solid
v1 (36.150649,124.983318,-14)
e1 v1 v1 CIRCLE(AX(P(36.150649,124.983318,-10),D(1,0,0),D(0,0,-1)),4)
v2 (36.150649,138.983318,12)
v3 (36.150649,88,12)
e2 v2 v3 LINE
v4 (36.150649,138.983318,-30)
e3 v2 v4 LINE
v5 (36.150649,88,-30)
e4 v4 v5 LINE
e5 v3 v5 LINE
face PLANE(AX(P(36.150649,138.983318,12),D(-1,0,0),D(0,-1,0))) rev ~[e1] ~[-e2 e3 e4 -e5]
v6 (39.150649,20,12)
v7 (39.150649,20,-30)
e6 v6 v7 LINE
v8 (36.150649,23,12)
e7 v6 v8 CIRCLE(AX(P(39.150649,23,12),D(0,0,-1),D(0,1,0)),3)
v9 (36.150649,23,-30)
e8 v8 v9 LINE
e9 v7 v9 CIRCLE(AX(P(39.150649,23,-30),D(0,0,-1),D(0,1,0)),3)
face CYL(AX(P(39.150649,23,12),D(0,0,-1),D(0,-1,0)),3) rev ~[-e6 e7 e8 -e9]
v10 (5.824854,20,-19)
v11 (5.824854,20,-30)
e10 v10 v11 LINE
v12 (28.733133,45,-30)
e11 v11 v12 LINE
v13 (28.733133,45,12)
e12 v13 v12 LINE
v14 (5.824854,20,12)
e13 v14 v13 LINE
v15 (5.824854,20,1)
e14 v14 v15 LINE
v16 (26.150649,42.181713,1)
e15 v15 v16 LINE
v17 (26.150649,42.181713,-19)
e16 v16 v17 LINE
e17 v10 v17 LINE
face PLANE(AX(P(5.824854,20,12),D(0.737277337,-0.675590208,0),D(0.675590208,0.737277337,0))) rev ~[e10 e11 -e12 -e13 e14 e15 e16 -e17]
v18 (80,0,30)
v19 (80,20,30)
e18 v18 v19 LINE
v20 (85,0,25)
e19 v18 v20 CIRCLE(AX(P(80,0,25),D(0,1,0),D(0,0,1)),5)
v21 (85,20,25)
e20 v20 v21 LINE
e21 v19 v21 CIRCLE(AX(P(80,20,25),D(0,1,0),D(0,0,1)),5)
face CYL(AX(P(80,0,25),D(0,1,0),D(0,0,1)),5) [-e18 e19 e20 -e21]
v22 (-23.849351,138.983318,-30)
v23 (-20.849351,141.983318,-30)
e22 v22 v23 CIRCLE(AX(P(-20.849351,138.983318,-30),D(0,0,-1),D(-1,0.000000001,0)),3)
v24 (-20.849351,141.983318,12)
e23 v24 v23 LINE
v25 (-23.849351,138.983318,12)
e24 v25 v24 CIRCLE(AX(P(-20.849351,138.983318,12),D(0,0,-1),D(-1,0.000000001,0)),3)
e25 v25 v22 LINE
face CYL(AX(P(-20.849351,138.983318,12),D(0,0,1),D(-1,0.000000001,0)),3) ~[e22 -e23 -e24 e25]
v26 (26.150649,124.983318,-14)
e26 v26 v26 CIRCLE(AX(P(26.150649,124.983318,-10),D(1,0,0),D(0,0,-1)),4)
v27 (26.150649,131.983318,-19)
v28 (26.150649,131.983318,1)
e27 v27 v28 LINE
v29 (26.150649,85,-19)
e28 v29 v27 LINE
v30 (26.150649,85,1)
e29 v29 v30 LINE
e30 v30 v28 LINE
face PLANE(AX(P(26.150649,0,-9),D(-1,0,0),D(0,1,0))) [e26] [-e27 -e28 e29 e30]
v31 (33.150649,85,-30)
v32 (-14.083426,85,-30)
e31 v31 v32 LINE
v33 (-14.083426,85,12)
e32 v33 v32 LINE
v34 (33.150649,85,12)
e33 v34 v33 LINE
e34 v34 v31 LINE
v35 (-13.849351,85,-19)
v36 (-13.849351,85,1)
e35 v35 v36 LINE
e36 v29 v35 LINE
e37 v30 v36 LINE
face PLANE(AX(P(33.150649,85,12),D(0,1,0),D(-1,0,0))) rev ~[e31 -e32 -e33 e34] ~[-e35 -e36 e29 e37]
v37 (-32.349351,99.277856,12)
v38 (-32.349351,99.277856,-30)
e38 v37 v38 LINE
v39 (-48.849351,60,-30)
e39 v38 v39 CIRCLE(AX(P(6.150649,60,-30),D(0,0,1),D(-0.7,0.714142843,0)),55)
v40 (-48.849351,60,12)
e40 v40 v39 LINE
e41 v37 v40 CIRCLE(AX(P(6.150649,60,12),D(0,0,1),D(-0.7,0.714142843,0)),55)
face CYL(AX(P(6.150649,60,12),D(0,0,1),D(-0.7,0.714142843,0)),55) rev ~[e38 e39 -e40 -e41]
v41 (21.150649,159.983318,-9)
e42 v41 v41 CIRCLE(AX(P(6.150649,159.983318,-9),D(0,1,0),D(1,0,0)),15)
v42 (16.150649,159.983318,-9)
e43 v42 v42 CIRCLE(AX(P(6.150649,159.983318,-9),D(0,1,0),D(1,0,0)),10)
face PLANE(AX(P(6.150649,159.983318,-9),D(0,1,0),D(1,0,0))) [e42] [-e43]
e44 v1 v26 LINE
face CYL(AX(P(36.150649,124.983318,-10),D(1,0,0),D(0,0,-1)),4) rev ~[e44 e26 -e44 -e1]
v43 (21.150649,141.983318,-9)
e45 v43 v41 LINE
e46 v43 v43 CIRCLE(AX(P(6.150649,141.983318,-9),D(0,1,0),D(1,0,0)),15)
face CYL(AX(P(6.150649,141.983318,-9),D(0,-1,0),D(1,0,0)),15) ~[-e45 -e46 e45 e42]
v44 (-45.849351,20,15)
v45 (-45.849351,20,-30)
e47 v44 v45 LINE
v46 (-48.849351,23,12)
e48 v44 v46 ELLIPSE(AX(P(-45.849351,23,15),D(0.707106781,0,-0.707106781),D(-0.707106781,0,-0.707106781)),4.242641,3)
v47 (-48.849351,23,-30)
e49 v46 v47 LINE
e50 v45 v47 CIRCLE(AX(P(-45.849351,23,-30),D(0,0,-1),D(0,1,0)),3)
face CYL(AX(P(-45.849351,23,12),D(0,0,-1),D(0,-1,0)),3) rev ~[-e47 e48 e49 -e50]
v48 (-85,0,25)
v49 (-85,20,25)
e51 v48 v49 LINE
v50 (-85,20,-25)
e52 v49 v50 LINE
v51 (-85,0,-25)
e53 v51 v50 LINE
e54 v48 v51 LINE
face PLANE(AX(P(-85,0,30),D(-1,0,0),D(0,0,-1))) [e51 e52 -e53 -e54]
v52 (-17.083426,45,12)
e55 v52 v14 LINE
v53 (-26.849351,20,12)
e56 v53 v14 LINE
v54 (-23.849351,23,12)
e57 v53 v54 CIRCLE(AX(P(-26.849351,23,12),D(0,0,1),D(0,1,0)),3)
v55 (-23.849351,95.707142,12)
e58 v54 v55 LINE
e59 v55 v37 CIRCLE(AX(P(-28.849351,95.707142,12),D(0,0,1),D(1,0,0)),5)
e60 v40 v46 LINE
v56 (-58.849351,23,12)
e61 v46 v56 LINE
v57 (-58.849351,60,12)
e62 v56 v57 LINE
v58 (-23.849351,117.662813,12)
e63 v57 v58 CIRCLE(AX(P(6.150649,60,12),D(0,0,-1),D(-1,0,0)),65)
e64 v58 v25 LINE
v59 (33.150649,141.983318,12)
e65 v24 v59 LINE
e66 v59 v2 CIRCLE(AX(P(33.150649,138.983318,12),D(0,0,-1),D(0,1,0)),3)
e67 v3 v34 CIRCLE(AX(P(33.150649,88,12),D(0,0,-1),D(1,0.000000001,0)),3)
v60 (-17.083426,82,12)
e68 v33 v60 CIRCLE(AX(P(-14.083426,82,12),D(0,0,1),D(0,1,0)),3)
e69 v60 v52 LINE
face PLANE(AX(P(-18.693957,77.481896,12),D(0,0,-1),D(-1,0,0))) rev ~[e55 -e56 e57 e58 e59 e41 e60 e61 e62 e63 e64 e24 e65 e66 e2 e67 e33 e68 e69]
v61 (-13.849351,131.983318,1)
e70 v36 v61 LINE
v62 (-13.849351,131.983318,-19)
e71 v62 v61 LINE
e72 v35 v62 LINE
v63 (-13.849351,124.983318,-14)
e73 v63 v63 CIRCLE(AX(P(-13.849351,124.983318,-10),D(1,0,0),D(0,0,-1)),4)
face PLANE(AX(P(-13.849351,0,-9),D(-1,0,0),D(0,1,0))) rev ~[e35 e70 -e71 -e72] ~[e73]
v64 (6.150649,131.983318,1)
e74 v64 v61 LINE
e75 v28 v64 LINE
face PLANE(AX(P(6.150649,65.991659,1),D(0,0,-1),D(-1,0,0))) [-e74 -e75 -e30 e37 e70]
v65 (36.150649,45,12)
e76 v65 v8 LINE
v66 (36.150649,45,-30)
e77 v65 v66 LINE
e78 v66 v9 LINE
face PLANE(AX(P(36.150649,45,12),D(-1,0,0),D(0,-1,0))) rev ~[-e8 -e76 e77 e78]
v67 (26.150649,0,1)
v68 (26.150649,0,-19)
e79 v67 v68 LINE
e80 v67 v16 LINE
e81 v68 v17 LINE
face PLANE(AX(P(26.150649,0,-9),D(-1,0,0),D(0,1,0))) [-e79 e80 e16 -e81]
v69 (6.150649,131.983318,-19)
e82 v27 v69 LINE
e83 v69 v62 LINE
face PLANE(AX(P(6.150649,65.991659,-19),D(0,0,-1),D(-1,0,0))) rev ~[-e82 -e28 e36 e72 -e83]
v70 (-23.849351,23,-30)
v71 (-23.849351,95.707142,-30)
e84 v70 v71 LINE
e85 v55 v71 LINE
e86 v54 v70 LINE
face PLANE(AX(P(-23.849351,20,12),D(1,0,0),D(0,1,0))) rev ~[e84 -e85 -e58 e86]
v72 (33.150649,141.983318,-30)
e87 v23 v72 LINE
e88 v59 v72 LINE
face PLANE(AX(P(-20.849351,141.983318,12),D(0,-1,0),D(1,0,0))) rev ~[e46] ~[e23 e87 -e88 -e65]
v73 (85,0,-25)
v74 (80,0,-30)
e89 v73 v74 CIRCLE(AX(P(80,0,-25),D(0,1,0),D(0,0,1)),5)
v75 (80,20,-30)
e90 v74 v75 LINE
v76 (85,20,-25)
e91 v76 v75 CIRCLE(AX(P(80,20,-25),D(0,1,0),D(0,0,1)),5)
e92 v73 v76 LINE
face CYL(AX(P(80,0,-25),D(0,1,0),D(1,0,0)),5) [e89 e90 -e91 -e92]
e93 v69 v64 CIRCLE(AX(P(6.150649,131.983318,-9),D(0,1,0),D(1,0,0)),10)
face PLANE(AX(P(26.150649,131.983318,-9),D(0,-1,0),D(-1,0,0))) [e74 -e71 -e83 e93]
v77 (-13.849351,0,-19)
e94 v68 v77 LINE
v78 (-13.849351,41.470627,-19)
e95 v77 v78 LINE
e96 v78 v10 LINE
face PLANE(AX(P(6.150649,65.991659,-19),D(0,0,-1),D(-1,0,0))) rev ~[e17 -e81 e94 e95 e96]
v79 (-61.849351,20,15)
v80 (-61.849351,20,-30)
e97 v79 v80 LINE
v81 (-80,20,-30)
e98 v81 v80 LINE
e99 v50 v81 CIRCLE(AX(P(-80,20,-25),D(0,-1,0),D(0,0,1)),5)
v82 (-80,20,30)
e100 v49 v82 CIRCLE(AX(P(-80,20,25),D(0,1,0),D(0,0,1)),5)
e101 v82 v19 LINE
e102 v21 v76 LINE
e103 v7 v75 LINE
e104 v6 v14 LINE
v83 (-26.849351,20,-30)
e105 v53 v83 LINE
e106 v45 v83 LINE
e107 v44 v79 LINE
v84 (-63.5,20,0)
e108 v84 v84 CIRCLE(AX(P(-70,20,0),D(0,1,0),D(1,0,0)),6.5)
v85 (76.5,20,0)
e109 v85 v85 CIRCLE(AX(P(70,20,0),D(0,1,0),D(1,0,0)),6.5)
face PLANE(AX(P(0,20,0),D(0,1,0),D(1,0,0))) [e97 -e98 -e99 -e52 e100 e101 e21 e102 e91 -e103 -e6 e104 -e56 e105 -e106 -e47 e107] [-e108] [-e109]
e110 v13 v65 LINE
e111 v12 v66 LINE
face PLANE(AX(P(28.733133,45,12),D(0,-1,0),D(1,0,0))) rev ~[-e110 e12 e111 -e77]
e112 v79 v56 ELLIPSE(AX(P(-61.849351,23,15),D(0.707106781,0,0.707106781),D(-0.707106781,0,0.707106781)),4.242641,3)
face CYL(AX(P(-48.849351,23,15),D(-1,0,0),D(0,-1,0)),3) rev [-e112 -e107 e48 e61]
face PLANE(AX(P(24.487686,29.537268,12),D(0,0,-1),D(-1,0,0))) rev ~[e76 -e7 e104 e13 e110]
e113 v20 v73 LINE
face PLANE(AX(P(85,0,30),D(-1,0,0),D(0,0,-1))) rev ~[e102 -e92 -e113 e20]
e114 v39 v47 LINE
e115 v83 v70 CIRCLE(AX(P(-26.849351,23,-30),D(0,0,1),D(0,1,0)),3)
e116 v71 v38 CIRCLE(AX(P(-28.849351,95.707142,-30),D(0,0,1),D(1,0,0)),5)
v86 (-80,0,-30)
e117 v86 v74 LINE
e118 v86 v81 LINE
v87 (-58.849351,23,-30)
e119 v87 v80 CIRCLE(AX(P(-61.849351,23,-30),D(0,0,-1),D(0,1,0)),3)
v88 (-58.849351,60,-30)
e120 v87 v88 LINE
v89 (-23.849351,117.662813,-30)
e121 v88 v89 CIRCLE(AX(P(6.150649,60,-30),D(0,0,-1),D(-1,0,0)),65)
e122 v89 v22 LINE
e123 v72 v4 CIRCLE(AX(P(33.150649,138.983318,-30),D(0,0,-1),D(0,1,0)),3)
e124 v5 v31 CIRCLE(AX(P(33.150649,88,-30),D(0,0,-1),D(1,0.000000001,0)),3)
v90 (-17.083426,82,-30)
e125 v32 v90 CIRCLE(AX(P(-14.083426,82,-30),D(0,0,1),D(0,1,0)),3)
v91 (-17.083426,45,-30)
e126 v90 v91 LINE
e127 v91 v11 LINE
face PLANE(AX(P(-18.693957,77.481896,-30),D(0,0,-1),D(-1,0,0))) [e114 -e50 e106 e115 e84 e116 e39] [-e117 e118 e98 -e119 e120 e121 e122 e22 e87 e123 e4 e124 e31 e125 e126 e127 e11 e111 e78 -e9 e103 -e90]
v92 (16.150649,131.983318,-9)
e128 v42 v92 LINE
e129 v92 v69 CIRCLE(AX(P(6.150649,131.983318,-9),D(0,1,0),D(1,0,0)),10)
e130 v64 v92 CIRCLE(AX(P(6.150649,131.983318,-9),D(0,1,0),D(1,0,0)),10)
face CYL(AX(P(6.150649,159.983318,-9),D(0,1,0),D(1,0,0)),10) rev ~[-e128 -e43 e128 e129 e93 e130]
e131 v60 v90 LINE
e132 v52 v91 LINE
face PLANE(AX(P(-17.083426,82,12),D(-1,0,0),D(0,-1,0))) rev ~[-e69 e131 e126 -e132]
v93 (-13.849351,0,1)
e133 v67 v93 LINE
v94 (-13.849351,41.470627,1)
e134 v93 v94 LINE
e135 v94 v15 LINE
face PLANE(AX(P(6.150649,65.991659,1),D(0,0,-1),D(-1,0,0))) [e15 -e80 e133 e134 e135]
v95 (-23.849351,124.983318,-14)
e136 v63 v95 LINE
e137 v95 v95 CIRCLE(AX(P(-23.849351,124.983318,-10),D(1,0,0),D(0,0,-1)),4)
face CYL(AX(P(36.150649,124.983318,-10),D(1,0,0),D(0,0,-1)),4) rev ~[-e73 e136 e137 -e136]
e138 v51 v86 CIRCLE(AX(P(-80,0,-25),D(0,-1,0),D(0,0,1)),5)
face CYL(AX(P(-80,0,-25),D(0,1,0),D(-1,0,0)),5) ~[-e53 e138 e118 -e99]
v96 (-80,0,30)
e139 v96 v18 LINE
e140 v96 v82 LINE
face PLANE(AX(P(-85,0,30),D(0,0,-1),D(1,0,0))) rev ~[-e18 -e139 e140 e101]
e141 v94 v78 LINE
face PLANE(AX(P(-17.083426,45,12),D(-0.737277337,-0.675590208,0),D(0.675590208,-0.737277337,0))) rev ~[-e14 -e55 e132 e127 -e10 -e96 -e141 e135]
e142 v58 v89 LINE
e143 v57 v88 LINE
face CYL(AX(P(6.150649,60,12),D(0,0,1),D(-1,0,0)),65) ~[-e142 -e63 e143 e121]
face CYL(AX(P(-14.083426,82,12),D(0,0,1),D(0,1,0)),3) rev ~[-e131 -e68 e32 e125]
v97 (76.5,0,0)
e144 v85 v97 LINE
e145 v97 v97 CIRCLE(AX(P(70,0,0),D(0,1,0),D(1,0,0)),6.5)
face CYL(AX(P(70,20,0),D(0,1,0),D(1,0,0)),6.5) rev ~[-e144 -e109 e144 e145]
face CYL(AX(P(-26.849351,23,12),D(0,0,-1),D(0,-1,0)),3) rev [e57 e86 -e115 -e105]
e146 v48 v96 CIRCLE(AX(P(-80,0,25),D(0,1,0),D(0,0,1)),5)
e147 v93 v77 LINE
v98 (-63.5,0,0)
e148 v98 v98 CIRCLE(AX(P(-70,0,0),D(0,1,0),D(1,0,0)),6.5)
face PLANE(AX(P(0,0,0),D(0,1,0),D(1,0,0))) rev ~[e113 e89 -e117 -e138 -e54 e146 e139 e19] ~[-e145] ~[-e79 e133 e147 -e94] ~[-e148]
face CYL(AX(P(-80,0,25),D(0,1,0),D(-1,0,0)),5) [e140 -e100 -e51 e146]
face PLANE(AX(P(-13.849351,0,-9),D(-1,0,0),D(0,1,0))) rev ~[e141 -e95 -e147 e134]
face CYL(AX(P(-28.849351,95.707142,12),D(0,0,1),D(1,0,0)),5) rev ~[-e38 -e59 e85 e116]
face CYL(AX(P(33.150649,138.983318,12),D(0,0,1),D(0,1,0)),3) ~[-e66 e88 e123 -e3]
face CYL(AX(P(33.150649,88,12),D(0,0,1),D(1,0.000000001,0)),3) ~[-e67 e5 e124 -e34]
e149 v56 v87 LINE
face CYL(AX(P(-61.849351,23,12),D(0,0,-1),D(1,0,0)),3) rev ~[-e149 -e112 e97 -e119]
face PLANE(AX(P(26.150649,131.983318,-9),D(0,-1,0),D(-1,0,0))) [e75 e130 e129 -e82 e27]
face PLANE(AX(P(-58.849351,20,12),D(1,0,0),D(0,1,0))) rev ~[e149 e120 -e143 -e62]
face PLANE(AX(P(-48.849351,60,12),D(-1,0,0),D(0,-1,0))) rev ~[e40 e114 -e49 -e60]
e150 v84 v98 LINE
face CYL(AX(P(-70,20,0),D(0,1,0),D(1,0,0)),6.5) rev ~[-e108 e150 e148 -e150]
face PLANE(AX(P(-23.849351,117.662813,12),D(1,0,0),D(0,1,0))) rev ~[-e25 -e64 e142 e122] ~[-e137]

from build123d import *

# Parameters (mm, degrees)
SKETCH1_W           = 170
SKETCH1_H           = 60
BOSS_EXTRUDE1_DEPTH = 20
FILLET1_R           = 5
BOSS_EXTRUDE2_DEPTH = 42
SKETCH5_R           = 15
BOSS_EXTRUDE3_DEPTH = 18
SKETCH6_R           = 10
CUT_EXTRUDE1_DEPTH  = 28
SKETCH7_W           = 40
SKETCH7_H           = 131.983318458
CUT_EXTRUDE2_DEPTH  = 10
FILLET5_R           = 3
SKETCH8_R           = 6.5
CUT_EXTRUDE3_DEPTH  = 20
SKETCH9_R           = 4
CUT_EXTRUDE4_DEPTH  = 60


with BuildPart() as part:
    # Sketch1 → Boss-Extrude1 (new body)
    with BuildSketch(Plane(origin=(0, 0, 0), x_dir=(1, 0, 0), z_dir=(0, 1, 0))):
        Rectangle(SKETCH1_W, SKETCH1_H)
    extrude(amount=BOSS_EXTRUDE1_DEPTH)

    # Fillet1
    fillet1_edges = [part.edges().sort_by_distance(p)[0] for p in [
        (-85, 10, -30),
        (85, 10, -30),
        (85, 10, 30),
        (-85, 10, 30),
    ]]
    fillet(fillet1_edges, radius=FILLET1_R)

    # Sketch4 → Boss-Extrude2 (add)
    with BuildSketch(Plane(origin=(0, 0, 12), x_dir=(-1, 0, 0), z_dir=(0, 0, -1))):
        with BuildLine():
            Line((48.849351026, 20), (58.849351026, 20))
            Line((58.849351026, 20), (58.849351026, 60))
            ThreePointArc((58.849351026, 60), (49.414627953, 93.726843908), (23.849351026, 117.662812973))
            Line((23.849351026, 117.662812973), (23.849351026, 138.983318458))
            ThreePointArc((23.849351026, 138.983318458), (22.970671369, 141.104638801), (20.849351026, 141.983318458))
            Line((20.849351026, 141.983318458), (-33.150648974, 141.983318458))
            ThreePointArc((-33.150648974, 141.983318458), (-35.271969318, 141.104638801), (-36.150648974, 138.983318458))
            Line((-36.150648974, 138.983318458), (-36.150648974, 88))
            ThreePointArc((-36.150648974, 88), (-35.271969318, 85.878679656), (-33.150648974, 85))
            Line((-33.150648974, 85), (14.083425542, 85))
            ThreePointArc((14.083425542, 85), (16.204745885, 84.121320344), (17.083425542, 82))
            Line((17.083425542, 82), (17.083425542, 45))
            Line((17.083425542, 45), (-5.824853809, 20))
            Line((-5.824853809, 20), (23.849351026, 20))
            Line((23.849351026, 20), (23.849351026, 95.707142143))
            ThreePointArc((23.849351026, 95.707142143), (26.912859353, 100.316914371), (32.349351026, 99.277856357))
            ThreePointArc((32.349351026, 99.277856357), (44.556845541, 81.301408404), (48.849351026, 60))
            Line((48.849351026, 60), (48.849351026, 20))
        make_face()
        Polygon((-36.150648974, 20), (-5.824853809, 20), (-28.733133159, 45), (-36.150648974, 45), align=None)
    extrude(amount=BOSS_EXTRUDE2_DEPTH)

    # Sketch5 → Boss-Extrude3 (add)
    with BuildSketch(Plane(origin=(0, 141.983318458, 0), x_dir=(1, 0, 0), z_dir=(0, 1, 0))):
        with Locations((6.150648974, 9)):
            Circle(SKETCH5_R)
    extrude(amount=BOSS_EXTRUDE3_DEPTH)

    # Sketch6 → Cut-Extrude1 (cut)
    with BuildSketch(Plane(origin=(0, 159.983318458, 0), x_dir=(1, 0, 0), z_dir=(0, 1, 0))):
        with Locations((6.150648974, 9)):
            Circle(SKETCH6_R)
    extrude(amount=-CUT_EXTRUDE1_DEPTH, mode=Mode.SUBTRACT)

    # Sketch7 → Cut-Extrude2 (cut, symmetric)
    with BuildSketch(Plane(origin=(0, 0, -9), x_dir=(-1, 0, 0), z_dir=(0, 0, -1))):
        with Locations((-6.150648974, 65.991659229)):
            Rectangle(SKETCH7_W, SKETCH7_H)
    extrude(amount=CUT_EXTRUDE2_DEPTH, both=True, mode=Mode.SUBTRACT)

    # Fillet5
    fillet5_edges = [part.edges().sort_by_distance(p)[0] for p in [
        (36.150648974, 20, -9),
        (-23.849351026, 20, -9),
        (-48.849351026, 20, -9),
        (-53.849351026, 20, 12),
        (-58.849351026, 20, -9),
    ]]
    fillet(fillet5_edges, radius=FILLET5_R)

    # Sketch8 → Cut-Extrude3 (cut)
    with BuildSketch(Plane(origin=(0, 20, 0), x_dir=(1, 0, 0), z_dir=(0, 1, 0))):
        with Locations((-70, 0)):
            Circle(SKETCH8_R)
        with Locations((70, 0)):
            Circle(SKETCH8_R)
    extrude(amount=-CUT_EXTRUDE3_DEPTH, mode=Mode.SUBTRACT)

    # Sketch9 → Cut-Extrude4 (cut)
    with BuildSketch(Plane(origin=(36.150648974, 0, 0), x_dir=(0, 0, -1), z_dir=(1, 0, 0))):
        with Locations((10, 124.983318458)):
            Circle(SKETCH9_R)
    extrude(amount=-CUT_EXTRUDE4_DEPTH, mode=Mode.SUBTRACT)


solid = part.part
